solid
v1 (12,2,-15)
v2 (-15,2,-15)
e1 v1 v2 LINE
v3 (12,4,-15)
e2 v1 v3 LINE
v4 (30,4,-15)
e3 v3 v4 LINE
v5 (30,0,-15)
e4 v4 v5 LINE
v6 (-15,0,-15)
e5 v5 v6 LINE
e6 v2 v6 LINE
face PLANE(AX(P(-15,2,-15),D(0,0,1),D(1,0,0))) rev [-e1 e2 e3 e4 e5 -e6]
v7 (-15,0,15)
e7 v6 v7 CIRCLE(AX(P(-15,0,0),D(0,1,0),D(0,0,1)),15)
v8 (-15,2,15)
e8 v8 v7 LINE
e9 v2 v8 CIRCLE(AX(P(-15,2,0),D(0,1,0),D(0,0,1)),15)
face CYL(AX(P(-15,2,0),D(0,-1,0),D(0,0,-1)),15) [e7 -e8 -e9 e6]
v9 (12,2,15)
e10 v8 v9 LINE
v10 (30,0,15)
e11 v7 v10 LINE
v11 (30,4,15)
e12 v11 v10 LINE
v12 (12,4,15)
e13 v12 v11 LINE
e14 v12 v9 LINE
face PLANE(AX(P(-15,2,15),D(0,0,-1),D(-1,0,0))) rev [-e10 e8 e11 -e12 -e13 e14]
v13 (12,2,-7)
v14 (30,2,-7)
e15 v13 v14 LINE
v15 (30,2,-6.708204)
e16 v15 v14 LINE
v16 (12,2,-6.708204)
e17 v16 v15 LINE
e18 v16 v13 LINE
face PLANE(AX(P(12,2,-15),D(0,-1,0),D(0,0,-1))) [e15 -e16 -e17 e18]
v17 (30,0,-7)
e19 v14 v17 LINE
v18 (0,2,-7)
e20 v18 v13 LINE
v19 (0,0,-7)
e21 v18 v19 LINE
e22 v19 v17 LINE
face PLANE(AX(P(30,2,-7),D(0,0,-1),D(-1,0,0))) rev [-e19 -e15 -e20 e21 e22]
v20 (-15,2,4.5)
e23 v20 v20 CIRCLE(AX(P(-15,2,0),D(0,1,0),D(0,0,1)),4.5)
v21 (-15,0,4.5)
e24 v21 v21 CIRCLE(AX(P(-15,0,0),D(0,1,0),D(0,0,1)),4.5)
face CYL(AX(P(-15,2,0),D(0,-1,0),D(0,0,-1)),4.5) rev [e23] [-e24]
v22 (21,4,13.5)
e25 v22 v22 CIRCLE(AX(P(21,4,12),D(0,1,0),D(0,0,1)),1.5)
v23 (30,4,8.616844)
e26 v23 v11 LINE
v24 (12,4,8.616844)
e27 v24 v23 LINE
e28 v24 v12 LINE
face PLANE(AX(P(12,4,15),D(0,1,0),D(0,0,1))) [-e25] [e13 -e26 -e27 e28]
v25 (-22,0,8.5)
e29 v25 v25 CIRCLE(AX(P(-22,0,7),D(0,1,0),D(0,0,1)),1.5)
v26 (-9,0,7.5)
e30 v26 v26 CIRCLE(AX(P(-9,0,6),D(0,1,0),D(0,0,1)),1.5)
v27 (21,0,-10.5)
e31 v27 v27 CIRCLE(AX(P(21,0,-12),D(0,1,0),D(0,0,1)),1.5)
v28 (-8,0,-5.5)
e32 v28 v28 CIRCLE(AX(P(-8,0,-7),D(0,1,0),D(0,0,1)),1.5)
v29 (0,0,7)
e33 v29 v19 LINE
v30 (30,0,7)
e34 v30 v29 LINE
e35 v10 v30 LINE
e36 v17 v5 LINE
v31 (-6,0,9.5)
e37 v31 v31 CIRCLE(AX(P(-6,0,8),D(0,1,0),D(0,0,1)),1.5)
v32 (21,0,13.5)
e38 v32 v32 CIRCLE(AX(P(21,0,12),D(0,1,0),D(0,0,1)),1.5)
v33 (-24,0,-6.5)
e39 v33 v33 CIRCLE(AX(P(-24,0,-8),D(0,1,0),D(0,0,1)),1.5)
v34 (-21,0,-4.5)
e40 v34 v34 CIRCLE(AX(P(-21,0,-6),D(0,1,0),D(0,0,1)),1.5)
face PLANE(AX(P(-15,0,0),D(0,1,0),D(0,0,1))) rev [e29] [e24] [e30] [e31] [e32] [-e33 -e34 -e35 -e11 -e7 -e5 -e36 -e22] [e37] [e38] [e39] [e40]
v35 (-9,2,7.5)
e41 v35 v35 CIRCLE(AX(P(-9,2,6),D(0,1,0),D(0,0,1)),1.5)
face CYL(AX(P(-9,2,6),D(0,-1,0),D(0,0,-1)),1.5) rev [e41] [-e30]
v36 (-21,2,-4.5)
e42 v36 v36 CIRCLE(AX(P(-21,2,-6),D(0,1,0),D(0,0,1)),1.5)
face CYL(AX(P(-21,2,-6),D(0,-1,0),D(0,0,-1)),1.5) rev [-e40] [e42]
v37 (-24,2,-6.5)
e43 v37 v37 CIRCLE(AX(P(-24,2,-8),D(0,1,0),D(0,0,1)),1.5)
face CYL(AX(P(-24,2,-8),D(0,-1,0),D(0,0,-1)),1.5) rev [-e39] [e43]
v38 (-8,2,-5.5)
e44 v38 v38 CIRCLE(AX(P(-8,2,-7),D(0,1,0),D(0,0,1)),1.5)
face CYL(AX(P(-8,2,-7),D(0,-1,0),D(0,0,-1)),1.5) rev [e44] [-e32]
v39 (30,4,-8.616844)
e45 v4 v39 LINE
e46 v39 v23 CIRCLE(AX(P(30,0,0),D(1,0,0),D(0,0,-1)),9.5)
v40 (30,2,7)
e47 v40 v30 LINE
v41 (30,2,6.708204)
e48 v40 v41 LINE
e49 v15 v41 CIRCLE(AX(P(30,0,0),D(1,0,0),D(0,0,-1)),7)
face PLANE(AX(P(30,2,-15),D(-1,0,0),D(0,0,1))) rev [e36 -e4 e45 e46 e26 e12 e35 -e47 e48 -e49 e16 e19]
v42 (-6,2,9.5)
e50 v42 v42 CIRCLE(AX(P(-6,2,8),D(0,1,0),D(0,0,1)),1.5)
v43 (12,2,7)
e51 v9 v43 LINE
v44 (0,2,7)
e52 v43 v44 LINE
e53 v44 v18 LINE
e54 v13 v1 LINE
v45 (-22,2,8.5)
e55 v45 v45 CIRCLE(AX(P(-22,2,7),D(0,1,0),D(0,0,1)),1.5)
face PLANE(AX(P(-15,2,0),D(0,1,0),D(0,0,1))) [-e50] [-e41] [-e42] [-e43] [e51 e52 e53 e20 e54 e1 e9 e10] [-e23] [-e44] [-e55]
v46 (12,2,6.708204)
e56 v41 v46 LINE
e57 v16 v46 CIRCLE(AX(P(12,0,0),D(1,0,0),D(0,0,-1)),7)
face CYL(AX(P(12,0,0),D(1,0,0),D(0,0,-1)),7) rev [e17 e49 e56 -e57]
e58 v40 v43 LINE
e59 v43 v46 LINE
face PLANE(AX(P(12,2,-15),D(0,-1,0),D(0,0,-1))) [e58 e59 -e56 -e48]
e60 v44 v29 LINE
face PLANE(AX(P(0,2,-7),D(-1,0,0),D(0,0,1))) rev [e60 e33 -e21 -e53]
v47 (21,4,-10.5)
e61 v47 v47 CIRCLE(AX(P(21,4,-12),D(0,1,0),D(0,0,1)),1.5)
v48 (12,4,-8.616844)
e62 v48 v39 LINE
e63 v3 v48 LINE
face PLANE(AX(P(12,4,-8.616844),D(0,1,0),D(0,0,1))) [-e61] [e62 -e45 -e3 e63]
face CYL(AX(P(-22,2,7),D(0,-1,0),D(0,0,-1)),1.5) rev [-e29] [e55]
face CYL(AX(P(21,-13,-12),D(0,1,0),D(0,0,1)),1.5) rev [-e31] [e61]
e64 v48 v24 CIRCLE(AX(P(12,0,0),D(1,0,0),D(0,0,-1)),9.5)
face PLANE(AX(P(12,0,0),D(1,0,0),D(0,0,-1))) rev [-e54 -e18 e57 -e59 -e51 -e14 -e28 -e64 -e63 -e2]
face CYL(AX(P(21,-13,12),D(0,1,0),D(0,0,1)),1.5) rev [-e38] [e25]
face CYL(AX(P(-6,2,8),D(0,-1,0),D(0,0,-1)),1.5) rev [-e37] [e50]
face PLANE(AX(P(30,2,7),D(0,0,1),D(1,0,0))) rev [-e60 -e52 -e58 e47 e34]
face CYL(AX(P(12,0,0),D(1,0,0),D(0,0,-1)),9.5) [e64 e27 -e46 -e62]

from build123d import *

# Parameters (mm, degrees)
ESBO_O1_R                = 4.5
ESBO_O1_R_2              = 1.5
RESSALTO_EXTRUS_O1_DEPTH = 2
RESSALTO_EXTRUS_O2_DEPTH = 18
ESBO_O3_R                = 7
CORTE_EXTRUS_O1_DEPTH    = 18
ESBO_O4_R                = 1.5
CORTE_EXTRUS_O2_DEPTH    = 17


with BuildPart() as part:
    # Esboço1 → Ressalto-extrusão1 (new body)
    with BuildSketch(Plane(origin=(0, 0, 0), x_dir=(1, 0, 0), z_dir=(0, 1, 0))):
        with BuildLine():
            Line((30, 15), (30, 7))
            Line((30, 7), (0, 7))
            Line((0, 7), (0, -7))
            Line((0, -7), (30, -7))
            Line((30, -7), (30, -15))
            Line((30, -15), (-15, -15))
            ThreePointArc((-15, -15), (-30, 0), (-15, 15))
            Line((-15, 15), (30, 15))
        make_face()
        with Locations((-15, 0)):
            Circle(ESBO_O1_R, mode=Mode.SUBTRACT)
        with Locations((-9, -6)):
            Circle(ESBO_O1_R_2, mode=Mode.SUBTRACT)
        with Locations((-6, -8)):
            Circle(ESBO_O1_R_2, mode=Mode.SUBTRACT)
        with Locations((-22, -7)):
            Circle(ESBO_O1_R_2, mode=Mode.SUBTRACT)
        with Locations((-21, 6)):
            Circle(ESBO_O1_R_2, mode=Mode.SUBTRACT)
        with Locations((-24, 8)):
            Circle(ESBO_O1_R_2, mode=Mode.SUBTRACT)
        with Locations((-8, 7)):
            Circle(ESBO_O1_R_2, mode=Mode.SUBTRACT)
    extrude(amount=RESSALTO_EXTRUS_O1_DEPTH)

    # Esboço2 → Ressalto-extrusão2 (add)
    with BuildSketch(Plane(origin=(30, 0, 0), x_dir=(0, 0, -1), z_dir=(1, 0, 0))):
        with BuildLine():
            Line((-15, 2), (-15, 4))
            Line((-15, 4), (-8.61684397, 4))
            ThreePointArc((-8.61684397, 4), (0, 9.5), (8.61684397, 4))
            Line((8.61684397, 4), (15, 4))
            Line((15, 4), (15, 2))
            Line((15, 2), (-15, 2))
        make_face()
    extrude(amount=-RESSALTO_EXTRUS_O2_DEPTH)

    # Esboço3 → Corte-extrusão1 (cut)
    with BuildSketch(Plane(origin=(30, 0, 0), x_dir=(0, 0, -1), z_dir=(1, 0, 0))):
        Circle(ESBO_O3_R)
    extrude(amount=-CORTE_EXTRUS_O1_DEPTH, mode=Mode.SUBTRACT)

    # Esboço4 → Corte-extrusão2 (cut)
    with BuildSketch(Plane(origin=(0, 4, 0), x_dir=(1, 0, 0), z_dir=(0, 1, 0))):
        with Locations((21, 12)):
            Circle(ESBO_O4_R)
        with Locations((21, -12)):
            Circle(ESBO_O4_R)
    extrude(amount=-CORTE_EXTRUS_O2_DEPTH, mode=Mode.SUBTRACT)


solid = part.part
